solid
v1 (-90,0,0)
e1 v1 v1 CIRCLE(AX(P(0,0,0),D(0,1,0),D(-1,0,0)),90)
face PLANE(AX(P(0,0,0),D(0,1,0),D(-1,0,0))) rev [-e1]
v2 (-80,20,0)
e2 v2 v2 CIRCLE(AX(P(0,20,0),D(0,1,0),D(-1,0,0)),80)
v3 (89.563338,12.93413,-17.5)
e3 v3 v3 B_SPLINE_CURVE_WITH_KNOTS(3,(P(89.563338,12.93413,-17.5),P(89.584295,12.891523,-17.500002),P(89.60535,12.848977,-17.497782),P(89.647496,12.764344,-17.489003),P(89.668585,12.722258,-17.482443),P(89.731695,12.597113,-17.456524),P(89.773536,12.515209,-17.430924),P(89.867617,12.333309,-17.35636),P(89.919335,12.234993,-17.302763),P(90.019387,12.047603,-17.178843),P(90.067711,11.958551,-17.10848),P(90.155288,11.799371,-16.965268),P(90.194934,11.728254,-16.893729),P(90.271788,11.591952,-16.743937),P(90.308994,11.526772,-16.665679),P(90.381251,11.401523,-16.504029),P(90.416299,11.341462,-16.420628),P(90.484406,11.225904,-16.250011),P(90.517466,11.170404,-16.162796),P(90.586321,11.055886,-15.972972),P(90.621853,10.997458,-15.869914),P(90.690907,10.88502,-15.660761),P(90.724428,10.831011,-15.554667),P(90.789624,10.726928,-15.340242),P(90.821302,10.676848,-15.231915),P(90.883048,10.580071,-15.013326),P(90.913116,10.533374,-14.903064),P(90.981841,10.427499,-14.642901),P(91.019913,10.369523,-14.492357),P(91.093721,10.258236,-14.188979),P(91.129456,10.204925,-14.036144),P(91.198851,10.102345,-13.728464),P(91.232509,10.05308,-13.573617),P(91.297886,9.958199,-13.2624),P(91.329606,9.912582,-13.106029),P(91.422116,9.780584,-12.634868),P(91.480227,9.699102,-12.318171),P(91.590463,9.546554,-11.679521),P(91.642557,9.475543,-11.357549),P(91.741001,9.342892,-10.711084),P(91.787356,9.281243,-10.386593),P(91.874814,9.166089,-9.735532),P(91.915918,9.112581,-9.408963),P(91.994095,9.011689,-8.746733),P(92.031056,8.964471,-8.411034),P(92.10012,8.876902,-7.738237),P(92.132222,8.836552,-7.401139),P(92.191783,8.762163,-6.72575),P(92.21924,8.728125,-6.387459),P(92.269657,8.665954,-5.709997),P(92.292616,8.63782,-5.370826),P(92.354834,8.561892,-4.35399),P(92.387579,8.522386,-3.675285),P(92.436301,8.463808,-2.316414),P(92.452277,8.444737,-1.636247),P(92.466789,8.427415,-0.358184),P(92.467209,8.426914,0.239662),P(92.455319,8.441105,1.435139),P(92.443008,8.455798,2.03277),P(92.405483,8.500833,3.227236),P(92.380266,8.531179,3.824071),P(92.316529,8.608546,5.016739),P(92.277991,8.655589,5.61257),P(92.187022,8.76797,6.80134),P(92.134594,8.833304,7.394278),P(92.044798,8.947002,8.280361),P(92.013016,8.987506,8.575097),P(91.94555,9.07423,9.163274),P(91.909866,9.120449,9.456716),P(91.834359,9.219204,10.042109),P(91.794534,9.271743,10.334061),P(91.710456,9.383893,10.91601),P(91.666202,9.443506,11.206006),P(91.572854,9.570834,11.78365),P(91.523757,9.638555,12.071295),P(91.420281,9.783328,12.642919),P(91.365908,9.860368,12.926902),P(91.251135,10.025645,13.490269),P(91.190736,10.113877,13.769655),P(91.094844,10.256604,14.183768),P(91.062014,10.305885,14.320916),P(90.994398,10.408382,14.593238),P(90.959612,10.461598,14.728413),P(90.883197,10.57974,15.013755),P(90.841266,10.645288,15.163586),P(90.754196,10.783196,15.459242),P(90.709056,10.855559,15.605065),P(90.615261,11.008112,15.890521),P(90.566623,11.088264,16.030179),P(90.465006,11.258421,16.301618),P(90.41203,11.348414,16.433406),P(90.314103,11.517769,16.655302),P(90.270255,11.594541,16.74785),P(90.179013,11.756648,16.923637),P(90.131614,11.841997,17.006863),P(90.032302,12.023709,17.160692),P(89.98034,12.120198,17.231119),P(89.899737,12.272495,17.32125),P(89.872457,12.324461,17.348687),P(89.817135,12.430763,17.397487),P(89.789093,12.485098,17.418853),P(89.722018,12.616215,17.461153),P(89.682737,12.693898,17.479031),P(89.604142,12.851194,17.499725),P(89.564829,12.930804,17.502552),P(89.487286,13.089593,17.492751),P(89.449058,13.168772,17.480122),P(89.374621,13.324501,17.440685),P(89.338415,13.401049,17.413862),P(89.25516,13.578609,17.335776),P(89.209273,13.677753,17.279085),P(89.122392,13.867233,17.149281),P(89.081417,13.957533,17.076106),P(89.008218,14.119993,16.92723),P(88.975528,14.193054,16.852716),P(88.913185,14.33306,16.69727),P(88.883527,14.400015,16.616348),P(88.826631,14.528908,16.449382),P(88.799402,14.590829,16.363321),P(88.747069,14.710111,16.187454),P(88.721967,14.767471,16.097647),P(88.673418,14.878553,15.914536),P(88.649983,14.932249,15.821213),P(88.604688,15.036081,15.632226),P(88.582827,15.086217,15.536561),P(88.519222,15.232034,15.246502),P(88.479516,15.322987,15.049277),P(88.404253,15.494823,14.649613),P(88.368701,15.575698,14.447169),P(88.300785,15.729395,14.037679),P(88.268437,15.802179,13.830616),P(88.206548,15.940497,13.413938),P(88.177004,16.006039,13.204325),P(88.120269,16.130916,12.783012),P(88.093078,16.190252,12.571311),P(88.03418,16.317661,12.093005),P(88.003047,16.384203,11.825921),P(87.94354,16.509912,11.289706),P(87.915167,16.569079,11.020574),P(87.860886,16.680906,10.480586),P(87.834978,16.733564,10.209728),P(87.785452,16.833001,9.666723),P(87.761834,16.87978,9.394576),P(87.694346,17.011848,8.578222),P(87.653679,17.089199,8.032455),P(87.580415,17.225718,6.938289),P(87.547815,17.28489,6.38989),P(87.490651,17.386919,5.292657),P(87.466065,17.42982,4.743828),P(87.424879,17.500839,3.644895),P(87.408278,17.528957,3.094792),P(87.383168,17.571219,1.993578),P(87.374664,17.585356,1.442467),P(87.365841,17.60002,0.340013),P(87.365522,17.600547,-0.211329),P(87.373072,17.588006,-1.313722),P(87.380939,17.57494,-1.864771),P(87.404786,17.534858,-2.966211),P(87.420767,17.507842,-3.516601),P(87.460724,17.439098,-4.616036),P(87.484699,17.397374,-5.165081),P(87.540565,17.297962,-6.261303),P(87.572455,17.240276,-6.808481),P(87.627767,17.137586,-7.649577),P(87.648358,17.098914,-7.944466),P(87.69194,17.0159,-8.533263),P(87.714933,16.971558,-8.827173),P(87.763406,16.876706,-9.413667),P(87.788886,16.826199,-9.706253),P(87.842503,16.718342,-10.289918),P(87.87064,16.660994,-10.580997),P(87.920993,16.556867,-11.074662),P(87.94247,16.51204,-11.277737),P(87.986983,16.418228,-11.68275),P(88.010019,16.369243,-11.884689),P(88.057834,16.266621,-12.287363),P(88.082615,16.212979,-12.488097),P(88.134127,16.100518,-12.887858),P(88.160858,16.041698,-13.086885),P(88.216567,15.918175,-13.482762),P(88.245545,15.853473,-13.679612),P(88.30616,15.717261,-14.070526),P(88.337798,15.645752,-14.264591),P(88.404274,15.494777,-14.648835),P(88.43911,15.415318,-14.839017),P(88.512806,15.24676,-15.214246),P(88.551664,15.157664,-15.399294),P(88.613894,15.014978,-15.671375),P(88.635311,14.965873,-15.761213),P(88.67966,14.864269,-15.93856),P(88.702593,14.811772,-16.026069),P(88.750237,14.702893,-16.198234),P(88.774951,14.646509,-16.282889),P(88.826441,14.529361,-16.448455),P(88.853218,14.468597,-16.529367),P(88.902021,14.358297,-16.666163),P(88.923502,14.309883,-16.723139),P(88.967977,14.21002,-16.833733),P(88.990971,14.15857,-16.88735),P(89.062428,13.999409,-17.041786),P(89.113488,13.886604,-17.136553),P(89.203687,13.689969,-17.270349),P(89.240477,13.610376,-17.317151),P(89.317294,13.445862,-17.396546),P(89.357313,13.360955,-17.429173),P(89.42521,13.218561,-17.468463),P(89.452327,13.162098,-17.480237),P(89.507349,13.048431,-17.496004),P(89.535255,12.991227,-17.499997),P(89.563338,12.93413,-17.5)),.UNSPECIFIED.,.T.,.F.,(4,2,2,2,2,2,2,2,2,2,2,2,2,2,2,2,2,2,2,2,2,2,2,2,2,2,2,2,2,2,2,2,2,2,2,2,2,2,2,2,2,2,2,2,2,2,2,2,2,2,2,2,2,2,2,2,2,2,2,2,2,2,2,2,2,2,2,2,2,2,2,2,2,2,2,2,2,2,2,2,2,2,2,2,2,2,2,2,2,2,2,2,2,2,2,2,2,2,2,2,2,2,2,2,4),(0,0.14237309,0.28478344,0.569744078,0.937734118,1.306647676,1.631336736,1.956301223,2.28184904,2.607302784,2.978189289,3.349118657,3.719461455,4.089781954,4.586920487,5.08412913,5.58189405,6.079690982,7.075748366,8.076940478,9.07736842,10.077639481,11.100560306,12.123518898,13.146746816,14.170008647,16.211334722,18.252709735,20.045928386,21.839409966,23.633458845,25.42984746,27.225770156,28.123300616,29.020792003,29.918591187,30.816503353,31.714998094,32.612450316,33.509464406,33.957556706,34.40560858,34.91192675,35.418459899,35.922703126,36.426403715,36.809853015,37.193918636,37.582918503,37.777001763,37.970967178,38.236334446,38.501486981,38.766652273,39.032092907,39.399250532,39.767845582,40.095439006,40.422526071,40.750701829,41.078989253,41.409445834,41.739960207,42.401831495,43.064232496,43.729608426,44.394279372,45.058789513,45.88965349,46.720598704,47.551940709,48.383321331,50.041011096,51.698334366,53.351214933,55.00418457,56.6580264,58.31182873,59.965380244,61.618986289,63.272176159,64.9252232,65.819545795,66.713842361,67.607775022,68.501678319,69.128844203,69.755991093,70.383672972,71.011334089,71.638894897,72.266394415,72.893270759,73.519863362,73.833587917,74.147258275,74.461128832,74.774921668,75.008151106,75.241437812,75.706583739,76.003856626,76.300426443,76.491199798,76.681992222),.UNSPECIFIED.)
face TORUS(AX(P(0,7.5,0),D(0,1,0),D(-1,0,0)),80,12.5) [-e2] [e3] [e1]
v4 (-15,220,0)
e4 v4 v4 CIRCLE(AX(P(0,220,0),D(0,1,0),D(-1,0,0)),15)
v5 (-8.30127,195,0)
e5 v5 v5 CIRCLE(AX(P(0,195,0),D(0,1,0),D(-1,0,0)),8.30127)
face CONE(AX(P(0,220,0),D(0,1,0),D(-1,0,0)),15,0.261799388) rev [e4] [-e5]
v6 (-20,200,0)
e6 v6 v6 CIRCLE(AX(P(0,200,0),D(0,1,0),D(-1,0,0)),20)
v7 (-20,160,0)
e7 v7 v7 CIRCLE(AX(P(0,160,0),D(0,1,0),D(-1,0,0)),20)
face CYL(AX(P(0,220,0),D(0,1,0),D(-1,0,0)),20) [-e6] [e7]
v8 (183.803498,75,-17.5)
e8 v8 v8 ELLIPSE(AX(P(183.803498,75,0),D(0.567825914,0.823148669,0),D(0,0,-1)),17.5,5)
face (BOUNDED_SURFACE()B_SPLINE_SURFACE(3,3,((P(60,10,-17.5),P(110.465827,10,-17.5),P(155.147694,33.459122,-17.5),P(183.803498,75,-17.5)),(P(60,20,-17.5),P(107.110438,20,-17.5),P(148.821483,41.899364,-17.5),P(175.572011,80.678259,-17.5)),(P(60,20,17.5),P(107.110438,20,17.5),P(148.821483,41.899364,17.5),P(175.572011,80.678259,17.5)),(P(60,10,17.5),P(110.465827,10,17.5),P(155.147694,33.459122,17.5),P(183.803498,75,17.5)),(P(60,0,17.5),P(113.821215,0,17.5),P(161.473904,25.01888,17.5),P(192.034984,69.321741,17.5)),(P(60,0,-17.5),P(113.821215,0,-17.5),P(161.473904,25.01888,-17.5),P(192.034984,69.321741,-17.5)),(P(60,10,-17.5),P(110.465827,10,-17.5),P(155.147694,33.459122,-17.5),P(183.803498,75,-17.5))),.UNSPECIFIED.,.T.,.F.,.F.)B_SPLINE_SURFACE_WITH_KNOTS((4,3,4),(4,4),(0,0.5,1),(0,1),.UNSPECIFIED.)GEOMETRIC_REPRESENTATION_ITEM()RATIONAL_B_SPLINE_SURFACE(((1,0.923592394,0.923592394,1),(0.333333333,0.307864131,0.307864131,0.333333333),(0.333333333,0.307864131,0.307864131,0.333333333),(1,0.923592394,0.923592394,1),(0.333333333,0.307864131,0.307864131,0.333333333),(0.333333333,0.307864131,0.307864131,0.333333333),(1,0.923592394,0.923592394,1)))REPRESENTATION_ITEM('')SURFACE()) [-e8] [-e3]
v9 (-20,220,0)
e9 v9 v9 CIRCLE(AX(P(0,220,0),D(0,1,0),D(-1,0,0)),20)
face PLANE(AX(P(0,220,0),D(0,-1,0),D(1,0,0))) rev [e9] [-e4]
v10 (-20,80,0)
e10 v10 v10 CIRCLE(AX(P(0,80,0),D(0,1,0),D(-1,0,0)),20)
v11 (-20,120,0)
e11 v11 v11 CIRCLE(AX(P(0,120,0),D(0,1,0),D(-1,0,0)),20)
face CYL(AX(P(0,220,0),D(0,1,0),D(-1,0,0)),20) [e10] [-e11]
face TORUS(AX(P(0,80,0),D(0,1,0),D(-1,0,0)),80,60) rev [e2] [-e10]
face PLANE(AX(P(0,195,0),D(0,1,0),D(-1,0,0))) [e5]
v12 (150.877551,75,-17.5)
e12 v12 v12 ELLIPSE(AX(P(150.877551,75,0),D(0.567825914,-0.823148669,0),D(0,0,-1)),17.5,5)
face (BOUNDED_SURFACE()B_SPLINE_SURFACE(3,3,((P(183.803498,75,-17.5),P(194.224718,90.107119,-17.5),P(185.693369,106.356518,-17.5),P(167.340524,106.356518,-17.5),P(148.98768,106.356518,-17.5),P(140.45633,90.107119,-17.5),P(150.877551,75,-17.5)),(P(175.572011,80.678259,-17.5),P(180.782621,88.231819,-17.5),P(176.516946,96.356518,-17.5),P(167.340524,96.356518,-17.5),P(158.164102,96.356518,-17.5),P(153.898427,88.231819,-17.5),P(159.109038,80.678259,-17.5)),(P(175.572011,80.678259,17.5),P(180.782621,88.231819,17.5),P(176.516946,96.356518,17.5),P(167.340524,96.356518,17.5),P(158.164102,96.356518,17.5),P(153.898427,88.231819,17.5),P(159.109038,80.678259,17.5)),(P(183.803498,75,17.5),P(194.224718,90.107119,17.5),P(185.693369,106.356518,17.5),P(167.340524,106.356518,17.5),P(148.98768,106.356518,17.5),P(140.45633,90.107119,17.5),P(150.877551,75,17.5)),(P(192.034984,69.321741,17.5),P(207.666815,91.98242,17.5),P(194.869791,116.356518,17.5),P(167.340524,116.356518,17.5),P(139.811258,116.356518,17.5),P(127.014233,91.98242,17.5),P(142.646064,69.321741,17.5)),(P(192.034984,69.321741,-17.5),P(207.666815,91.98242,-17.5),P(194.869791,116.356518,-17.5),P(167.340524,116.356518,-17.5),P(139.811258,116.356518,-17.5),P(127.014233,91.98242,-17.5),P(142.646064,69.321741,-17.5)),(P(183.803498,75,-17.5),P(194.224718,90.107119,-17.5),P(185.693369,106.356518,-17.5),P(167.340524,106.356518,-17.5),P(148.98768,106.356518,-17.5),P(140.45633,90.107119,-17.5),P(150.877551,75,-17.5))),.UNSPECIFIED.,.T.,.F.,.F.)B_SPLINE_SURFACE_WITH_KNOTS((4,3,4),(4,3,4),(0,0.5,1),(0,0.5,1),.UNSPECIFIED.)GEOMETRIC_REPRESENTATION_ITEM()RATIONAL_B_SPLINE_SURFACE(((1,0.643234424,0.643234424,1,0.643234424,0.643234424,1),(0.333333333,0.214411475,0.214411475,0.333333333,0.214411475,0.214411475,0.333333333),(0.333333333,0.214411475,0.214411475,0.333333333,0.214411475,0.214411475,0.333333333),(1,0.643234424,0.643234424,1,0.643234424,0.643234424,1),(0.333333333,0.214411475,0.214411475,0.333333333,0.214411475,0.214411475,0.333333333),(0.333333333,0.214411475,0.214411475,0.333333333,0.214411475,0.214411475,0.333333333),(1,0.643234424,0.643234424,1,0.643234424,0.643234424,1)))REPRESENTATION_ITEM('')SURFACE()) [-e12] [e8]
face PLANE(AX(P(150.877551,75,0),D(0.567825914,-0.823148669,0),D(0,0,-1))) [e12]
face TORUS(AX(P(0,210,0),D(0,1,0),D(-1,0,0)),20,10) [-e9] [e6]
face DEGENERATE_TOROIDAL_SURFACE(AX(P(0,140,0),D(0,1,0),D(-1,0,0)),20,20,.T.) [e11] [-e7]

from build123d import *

# Parameters (mm, degrees)
SKETCH5_R          = 15
CUT_EXTRUDE1_DEPTH = 25
CUT_EXTRUDE1_DRAFT = -15
SKETCH7_RX         = 17.5
SKETCH7_RY         = 5


with BuildPart() as part:
    # Sketch1 → Revolve1 (revolve)
    with BuildSketch(Plane.XY, mode=Mode.PRIVATE) as revolve1_sk:
        with BuildLine():
            Line((0, 220), (0, 0))
            Line((0, 0), (90, 0))
            ThreePointArc((90, 0), (91.180339887, 13.090169944), (80, 20))
            ThreePointArc((80, 20), (37.573593129, 37.573593129), (20, 80))
            Line((20, 80), (20, 120))
            ThreePointArc((20, 120), (40, 140), (20, 160))
            Line((20, 160), (20, 200))
            ThreePointArc((20, 200), (30, 210), (20, 220))
            Line((20, 220), (0, 220))
        make_face()
    revolve(revolve1_sk.sketch.rotate(Axis((0, 220, 0), (0, -1, 0)), 180), axis=Axis((0, 220, 0), (0, -1, 0)))


with BuildPart() as cut_extrude1_tool:
    # Sketch5 → Cut-Extrude1 (with draft: the straight prism first)
    with BuildSketch(Plane(origin=(0, 220, 0), x_dir=(1, 0, 0), z_dir=(0, 1, 0))):
        Circle(SKETCH5_R)
    extrude(amount=-CUT_EXTRUDE1_DEPTH)
    # Cut-Extrude1: the draft: its side faces are tilted about the plane it starts from
    cut_extrude1_sides = [cut_extrude1_tool.faces().sort_by_distance(p)[0] for p in [
        (-15, 207.5, 0),
    ]]
    draft(cut_extrude1_sides, Plane(origin=(0, 220, 0), x_dir=(1, 0, 0), z_dir=(0, 1, 0)), CUT_EXTRUDE1_DRAFT)


with BuildPart() as part_1:
    add(part.part)

    # Cut-Extrude1: cut by cut_extrude1_tool
    add(cut_extrude1_tool.part, mode=Mode.SUBTRACT)

    # Sweep1: sweep along a path in Sketch2
    with BuildLine(Plane.XY) as sweep1_path:
        Line((0, 10), (60, 10))
        ThreePointArc((60, 10), (129.914780337, 27.23782575), (183.803497682, 75))
        ThreePointArc((183.803497682, 75), (167.340524295, 106.356518271), (150.877550907, 75))
    # Sketch7 → Sweep1 (sweep)
    with BuildSketch(Plane(origin=(0, 0, 0), x_dir=(0, 0, -1), z_dir=(1, 0, 0))):
        with Locations(Location((0, 10), (0, 0, 180))):
            Ellipse(SKETCH7_RX, SKETCH7_RY)
    sweep(path=sweep1_path.line)


solid = part_1.part
